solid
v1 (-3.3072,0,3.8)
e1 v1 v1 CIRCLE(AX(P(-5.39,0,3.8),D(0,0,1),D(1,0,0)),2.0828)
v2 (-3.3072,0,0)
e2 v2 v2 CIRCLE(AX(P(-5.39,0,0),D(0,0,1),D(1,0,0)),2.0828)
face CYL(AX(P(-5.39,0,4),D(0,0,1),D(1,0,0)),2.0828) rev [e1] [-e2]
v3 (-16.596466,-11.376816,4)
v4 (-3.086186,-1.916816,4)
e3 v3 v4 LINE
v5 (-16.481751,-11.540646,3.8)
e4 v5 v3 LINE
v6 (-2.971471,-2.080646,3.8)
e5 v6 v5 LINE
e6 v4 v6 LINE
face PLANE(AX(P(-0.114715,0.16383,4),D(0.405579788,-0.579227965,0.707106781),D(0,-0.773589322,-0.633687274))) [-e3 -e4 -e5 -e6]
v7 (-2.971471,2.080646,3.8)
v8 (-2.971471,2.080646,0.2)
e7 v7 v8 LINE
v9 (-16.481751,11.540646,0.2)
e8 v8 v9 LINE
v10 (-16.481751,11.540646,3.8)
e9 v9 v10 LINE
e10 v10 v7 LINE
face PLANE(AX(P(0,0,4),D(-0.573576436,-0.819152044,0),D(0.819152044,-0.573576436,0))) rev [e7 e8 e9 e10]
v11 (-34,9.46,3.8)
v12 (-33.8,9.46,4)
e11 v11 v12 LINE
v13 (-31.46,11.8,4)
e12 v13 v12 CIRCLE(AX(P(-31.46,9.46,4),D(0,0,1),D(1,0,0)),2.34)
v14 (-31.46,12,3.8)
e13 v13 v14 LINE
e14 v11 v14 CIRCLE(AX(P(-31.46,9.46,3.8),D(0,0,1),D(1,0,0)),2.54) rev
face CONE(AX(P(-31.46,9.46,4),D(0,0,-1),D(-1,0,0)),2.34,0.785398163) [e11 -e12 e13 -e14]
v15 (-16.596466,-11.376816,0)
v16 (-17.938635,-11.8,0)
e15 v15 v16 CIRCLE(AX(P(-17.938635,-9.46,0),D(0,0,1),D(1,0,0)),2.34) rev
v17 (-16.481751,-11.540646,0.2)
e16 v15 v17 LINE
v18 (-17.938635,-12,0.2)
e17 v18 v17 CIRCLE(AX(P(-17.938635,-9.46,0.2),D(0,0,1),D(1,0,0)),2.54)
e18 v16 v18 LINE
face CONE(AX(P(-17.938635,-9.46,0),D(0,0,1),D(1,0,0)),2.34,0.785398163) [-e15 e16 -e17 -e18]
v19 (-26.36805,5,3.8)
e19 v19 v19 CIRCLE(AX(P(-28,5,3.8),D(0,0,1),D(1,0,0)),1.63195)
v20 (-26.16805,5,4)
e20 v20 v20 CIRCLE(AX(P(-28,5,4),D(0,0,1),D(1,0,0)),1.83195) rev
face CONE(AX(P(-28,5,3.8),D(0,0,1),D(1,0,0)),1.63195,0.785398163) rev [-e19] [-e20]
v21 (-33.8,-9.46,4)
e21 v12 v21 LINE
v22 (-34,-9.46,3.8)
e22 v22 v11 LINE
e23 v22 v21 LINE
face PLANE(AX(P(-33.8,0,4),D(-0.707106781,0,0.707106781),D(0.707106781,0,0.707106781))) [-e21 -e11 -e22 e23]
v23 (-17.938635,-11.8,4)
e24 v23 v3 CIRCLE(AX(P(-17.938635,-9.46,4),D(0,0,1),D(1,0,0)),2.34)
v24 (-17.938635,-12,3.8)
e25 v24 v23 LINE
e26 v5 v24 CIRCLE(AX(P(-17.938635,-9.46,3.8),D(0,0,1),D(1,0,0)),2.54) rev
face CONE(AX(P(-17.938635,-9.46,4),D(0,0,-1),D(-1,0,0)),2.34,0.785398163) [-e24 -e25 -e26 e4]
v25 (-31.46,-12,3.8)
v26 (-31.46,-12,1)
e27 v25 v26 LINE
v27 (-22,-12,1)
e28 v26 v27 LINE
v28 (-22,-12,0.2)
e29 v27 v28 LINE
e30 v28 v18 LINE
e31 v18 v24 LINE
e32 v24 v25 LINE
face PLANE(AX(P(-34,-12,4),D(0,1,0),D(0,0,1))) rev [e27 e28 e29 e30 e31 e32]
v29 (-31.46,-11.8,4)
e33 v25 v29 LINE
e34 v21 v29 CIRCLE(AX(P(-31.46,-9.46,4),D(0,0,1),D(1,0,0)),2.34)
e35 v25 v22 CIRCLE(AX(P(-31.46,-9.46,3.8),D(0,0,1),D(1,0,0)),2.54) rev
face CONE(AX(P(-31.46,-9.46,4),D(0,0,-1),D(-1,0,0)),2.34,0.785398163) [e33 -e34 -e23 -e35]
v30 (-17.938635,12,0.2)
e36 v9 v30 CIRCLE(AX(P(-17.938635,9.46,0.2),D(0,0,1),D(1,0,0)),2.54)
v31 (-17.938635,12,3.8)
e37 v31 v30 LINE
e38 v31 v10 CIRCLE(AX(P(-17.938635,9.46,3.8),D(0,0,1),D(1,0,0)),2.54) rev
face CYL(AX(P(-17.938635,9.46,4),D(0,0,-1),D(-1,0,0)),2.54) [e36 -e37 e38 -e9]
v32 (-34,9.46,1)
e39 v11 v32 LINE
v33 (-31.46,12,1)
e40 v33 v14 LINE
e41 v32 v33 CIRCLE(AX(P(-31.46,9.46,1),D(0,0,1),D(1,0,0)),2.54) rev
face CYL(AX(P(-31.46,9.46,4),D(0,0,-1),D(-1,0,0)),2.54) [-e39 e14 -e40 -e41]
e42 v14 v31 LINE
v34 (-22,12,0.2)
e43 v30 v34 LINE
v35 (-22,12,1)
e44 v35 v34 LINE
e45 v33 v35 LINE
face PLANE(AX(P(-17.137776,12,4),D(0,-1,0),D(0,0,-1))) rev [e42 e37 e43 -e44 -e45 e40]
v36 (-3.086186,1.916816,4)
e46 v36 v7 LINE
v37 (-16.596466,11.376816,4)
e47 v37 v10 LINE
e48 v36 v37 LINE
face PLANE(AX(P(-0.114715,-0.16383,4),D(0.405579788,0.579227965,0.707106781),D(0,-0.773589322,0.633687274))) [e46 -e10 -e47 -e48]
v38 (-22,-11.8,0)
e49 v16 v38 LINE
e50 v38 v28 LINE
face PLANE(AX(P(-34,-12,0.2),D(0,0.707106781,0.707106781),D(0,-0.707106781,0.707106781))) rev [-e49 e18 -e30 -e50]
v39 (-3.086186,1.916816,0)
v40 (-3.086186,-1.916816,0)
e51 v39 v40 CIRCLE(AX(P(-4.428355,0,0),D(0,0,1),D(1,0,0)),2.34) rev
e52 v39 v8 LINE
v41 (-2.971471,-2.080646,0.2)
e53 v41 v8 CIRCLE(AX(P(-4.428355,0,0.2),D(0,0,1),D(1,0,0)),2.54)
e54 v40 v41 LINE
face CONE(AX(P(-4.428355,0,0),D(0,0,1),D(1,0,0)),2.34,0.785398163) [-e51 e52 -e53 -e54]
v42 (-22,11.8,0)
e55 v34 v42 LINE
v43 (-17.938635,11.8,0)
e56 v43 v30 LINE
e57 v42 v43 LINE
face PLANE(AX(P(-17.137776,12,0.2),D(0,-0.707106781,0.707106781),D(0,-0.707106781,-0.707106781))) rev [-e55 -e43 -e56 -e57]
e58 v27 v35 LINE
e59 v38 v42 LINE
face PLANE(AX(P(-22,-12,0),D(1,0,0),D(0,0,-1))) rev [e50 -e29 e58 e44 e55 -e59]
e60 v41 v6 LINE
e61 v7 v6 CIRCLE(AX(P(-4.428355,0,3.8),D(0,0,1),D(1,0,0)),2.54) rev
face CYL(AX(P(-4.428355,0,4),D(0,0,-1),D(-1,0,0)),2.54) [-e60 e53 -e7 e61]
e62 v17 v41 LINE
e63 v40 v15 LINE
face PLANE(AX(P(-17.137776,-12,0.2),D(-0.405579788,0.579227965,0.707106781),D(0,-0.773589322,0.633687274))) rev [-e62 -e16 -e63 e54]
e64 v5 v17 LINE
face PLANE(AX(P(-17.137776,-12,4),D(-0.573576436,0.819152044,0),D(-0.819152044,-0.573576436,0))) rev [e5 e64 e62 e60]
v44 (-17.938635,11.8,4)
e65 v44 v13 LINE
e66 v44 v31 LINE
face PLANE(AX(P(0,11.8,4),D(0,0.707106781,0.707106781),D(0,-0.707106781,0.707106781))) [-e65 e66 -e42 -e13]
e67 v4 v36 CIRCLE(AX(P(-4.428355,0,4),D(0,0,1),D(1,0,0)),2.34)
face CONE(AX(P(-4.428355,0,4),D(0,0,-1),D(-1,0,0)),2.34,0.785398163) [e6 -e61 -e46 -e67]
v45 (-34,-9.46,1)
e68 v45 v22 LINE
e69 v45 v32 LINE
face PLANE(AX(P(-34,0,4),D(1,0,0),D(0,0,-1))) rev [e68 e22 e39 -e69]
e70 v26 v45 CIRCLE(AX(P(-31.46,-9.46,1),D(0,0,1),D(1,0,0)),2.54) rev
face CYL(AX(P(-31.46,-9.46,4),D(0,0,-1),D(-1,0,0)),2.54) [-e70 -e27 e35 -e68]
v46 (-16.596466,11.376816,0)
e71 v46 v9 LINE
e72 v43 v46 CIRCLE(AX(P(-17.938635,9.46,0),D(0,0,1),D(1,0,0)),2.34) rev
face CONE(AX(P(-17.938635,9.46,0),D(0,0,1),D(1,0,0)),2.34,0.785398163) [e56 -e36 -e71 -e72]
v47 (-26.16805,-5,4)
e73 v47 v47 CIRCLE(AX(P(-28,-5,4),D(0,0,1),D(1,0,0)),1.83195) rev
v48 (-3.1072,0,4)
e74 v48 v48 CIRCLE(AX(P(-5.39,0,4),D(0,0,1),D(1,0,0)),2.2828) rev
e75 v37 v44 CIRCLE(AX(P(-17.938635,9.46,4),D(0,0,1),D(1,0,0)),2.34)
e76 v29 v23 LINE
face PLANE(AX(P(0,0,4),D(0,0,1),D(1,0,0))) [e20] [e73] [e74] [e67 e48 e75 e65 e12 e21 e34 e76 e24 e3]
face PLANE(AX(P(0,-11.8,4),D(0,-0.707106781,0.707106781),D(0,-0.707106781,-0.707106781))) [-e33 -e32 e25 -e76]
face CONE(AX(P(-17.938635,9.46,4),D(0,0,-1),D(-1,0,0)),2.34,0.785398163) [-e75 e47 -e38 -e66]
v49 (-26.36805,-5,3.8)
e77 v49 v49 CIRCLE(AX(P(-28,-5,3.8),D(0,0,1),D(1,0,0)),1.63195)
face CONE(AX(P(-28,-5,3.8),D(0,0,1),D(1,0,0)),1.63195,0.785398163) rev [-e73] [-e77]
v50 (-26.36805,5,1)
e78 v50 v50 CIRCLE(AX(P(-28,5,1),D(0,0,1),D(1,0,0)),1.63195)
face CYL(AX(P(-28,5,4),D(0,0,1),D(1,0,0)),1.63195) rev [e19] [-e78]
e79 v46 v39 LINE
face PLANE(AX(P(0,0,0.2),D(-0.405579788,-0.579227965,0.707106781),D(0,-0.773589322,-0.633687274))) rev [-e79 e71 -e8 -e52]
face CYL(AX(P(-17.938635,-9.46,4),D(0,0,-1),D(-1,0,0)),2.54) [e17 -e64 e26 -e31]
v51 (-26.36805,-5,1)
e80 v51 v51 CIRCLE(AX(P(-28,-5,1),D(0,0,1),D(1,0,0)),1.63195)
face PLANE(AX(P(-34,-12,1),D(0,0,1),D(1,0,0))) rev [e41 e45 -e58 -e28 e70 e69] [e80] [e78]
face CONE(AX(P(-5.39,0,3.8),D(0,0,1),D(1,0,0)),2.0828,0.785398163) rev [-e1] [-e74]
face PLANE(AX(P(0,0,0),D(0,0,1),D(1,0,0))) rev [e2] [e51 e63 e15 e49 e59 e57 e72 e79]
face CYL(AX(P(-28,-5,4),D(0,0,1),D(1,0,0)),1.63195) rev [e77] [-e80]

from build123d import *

# Parameters (mm, degrees)
EXTRUDE1_DEPTH                  = 4
SKETCH2_W                       = 12
SKETCH2_H                       = 1
EXTRUDE2_DEPTH                  = 25
F_4_CLEARANCE_HOLE1_D           = 3.2639
F_4_CLEARANCE_HOLE1_DEPTH       = 8.382
F_4_CLEARANCE_HOLE1_TIP         = 0.980574487
F_8_32_TAPPED_HOLE1_D           = 3.4544
F_8_32_TAPPED_HOLE1_DEPTH       = 10.7188
F_8_32_TAPPED_HOLE1_CBORE_D     = 4.1656
F_8_32_TAPPED_HOLE1_CBORE_DEPTH = 8.3312
F_8_32_TAPPED_HOLE1_TIP         = 1.037806461
FILLET1_R                       = 2.54
CHAMFER1_SIZE                   = 0.2


with BuildPart() as part:
    # Sketch1 → Extrude1 (new body)
    with BuildSketch(Plane.XY):
        Polygon((0, 0), (-17.137776081, 12), (-34, 12), (-34, 0), (-34, -12), (-17.137776081, -12), align=None)
    extrude(amount=EXTRUDE1_DEPTH)

    # Sketch2 → Extrude2 (cut, through all)
    with BuildSketch(Plane(origin=(0, 12, 0), x_dir=(1, 0, 0), z_dir=(0, 1, 0))):
        with Locations((-28, -0.5)):
            Rectangle(SKETCH2_W, SKETCH2_H)
    extrude(amount=-EXTRUDE2_DEPTH, mode=Mode.SUBTRACT)

    # #4 Clearance Hole1
    with Locations(Plane(origin=(-28, 5, 4), x_dir=(1, 0, 0), z_dir=(0, 0, 1))):
        with Locations((0, 0), (0, -10)):
            Hole(F_4_CLEARANCE_HOLE1_D / 2, depth=F_4_CLEARANCE_HOLE1_DEPTH)
            with Locations((0, 0, -(F_4_CLEARANCE_HOLE1_DEPTH + F_4_CLEARANCE_HOLE1_TIP / 2))):  # 118° drill point
                Cone(0, F_4_CLEARANCE_HOLE1_D / 2, F_4_CLEARANCE_HOLE1_TIP, mode=Mode.SUBTRACT)

    # #8-32 Tapped Hole1
    with Locations(Plane(origin=(-5.39, 0, 4), x_dir=(1, 0, 0), z_dir=(0, 0, 1))):
        with Locations((0, 0)):
            CounterBoreHole(F_8_32_TAPPED_HOLE1_D / 2, F_8_32_TAPPED_HOLE1_CBORE_D / 2, F_8_32_TAPPED_HOLE1_CBORE_DEPTH, depth=F_8_32_TAPPED_HOLE1_DEPTH)
            with Locations((0, 0, -(F_8_32_TAPPED_HOLE1_DEPTH + F_8_32_TAPPED_HOLE1_TIP / 2))):  # 118° drill point
                Cone(0, F_8_32_TAPPED_HOLE1_D / 2, F_8_32_TAPPED_HOLE1_TIP, mode=Mode.SUBTRACT)

    # Fillet1
    fillet1_edges = [part.edges().sort_by_distance(p)[0] for p in [
        (-17.137776081, -12, 2),
        (-34, -12, 2.5),
        (-34, 12, 2.5),
        (-17.137776081, 12, 2),
        (0, 0, 2),
    ]]
    fillet(fillet1_edges, radius=FILLET1_R)

    # Chamfer1
    chamfer1_edges = [part.edges().sort_by_distance(p)[0] for p in [
        (-19.969317502, -12, 0),
        (-26.36805, -5, 4),
        (-26.36805, 5, 4),
        (-7.4728, 0, 4),
        (-24.699317502, -12, 4),
        (-34, 0, 4),
        (-9.726610784, -6.810646192, 4),
        (-9.726610784, 6.810646192, 4),
        (-24.699317502, 12, 4),
        (-33.256051224, 11.256051224, 4),
        (-17.174842274, 11.882441055, 4),
        (-1.888354861, 0, 4),
        (-17.174842274, -11.882441055, 4),
        (-33.256051224, -11.256051224, 4),
        (-9.726610784, -6.810646192, 0),
        (-19.969317502, 12, 0),
        (-9.726610784, 6.810646192, 0),
        (-17.174842274, 11.882441055, 0),
        (-1.888354861, 0, 0),
        (-17.174842274, -11.882441055, 0),
    ]]
    chamfer(chamfer1_edges, length=CHAMFER1_SIZE)


solid = part.part
